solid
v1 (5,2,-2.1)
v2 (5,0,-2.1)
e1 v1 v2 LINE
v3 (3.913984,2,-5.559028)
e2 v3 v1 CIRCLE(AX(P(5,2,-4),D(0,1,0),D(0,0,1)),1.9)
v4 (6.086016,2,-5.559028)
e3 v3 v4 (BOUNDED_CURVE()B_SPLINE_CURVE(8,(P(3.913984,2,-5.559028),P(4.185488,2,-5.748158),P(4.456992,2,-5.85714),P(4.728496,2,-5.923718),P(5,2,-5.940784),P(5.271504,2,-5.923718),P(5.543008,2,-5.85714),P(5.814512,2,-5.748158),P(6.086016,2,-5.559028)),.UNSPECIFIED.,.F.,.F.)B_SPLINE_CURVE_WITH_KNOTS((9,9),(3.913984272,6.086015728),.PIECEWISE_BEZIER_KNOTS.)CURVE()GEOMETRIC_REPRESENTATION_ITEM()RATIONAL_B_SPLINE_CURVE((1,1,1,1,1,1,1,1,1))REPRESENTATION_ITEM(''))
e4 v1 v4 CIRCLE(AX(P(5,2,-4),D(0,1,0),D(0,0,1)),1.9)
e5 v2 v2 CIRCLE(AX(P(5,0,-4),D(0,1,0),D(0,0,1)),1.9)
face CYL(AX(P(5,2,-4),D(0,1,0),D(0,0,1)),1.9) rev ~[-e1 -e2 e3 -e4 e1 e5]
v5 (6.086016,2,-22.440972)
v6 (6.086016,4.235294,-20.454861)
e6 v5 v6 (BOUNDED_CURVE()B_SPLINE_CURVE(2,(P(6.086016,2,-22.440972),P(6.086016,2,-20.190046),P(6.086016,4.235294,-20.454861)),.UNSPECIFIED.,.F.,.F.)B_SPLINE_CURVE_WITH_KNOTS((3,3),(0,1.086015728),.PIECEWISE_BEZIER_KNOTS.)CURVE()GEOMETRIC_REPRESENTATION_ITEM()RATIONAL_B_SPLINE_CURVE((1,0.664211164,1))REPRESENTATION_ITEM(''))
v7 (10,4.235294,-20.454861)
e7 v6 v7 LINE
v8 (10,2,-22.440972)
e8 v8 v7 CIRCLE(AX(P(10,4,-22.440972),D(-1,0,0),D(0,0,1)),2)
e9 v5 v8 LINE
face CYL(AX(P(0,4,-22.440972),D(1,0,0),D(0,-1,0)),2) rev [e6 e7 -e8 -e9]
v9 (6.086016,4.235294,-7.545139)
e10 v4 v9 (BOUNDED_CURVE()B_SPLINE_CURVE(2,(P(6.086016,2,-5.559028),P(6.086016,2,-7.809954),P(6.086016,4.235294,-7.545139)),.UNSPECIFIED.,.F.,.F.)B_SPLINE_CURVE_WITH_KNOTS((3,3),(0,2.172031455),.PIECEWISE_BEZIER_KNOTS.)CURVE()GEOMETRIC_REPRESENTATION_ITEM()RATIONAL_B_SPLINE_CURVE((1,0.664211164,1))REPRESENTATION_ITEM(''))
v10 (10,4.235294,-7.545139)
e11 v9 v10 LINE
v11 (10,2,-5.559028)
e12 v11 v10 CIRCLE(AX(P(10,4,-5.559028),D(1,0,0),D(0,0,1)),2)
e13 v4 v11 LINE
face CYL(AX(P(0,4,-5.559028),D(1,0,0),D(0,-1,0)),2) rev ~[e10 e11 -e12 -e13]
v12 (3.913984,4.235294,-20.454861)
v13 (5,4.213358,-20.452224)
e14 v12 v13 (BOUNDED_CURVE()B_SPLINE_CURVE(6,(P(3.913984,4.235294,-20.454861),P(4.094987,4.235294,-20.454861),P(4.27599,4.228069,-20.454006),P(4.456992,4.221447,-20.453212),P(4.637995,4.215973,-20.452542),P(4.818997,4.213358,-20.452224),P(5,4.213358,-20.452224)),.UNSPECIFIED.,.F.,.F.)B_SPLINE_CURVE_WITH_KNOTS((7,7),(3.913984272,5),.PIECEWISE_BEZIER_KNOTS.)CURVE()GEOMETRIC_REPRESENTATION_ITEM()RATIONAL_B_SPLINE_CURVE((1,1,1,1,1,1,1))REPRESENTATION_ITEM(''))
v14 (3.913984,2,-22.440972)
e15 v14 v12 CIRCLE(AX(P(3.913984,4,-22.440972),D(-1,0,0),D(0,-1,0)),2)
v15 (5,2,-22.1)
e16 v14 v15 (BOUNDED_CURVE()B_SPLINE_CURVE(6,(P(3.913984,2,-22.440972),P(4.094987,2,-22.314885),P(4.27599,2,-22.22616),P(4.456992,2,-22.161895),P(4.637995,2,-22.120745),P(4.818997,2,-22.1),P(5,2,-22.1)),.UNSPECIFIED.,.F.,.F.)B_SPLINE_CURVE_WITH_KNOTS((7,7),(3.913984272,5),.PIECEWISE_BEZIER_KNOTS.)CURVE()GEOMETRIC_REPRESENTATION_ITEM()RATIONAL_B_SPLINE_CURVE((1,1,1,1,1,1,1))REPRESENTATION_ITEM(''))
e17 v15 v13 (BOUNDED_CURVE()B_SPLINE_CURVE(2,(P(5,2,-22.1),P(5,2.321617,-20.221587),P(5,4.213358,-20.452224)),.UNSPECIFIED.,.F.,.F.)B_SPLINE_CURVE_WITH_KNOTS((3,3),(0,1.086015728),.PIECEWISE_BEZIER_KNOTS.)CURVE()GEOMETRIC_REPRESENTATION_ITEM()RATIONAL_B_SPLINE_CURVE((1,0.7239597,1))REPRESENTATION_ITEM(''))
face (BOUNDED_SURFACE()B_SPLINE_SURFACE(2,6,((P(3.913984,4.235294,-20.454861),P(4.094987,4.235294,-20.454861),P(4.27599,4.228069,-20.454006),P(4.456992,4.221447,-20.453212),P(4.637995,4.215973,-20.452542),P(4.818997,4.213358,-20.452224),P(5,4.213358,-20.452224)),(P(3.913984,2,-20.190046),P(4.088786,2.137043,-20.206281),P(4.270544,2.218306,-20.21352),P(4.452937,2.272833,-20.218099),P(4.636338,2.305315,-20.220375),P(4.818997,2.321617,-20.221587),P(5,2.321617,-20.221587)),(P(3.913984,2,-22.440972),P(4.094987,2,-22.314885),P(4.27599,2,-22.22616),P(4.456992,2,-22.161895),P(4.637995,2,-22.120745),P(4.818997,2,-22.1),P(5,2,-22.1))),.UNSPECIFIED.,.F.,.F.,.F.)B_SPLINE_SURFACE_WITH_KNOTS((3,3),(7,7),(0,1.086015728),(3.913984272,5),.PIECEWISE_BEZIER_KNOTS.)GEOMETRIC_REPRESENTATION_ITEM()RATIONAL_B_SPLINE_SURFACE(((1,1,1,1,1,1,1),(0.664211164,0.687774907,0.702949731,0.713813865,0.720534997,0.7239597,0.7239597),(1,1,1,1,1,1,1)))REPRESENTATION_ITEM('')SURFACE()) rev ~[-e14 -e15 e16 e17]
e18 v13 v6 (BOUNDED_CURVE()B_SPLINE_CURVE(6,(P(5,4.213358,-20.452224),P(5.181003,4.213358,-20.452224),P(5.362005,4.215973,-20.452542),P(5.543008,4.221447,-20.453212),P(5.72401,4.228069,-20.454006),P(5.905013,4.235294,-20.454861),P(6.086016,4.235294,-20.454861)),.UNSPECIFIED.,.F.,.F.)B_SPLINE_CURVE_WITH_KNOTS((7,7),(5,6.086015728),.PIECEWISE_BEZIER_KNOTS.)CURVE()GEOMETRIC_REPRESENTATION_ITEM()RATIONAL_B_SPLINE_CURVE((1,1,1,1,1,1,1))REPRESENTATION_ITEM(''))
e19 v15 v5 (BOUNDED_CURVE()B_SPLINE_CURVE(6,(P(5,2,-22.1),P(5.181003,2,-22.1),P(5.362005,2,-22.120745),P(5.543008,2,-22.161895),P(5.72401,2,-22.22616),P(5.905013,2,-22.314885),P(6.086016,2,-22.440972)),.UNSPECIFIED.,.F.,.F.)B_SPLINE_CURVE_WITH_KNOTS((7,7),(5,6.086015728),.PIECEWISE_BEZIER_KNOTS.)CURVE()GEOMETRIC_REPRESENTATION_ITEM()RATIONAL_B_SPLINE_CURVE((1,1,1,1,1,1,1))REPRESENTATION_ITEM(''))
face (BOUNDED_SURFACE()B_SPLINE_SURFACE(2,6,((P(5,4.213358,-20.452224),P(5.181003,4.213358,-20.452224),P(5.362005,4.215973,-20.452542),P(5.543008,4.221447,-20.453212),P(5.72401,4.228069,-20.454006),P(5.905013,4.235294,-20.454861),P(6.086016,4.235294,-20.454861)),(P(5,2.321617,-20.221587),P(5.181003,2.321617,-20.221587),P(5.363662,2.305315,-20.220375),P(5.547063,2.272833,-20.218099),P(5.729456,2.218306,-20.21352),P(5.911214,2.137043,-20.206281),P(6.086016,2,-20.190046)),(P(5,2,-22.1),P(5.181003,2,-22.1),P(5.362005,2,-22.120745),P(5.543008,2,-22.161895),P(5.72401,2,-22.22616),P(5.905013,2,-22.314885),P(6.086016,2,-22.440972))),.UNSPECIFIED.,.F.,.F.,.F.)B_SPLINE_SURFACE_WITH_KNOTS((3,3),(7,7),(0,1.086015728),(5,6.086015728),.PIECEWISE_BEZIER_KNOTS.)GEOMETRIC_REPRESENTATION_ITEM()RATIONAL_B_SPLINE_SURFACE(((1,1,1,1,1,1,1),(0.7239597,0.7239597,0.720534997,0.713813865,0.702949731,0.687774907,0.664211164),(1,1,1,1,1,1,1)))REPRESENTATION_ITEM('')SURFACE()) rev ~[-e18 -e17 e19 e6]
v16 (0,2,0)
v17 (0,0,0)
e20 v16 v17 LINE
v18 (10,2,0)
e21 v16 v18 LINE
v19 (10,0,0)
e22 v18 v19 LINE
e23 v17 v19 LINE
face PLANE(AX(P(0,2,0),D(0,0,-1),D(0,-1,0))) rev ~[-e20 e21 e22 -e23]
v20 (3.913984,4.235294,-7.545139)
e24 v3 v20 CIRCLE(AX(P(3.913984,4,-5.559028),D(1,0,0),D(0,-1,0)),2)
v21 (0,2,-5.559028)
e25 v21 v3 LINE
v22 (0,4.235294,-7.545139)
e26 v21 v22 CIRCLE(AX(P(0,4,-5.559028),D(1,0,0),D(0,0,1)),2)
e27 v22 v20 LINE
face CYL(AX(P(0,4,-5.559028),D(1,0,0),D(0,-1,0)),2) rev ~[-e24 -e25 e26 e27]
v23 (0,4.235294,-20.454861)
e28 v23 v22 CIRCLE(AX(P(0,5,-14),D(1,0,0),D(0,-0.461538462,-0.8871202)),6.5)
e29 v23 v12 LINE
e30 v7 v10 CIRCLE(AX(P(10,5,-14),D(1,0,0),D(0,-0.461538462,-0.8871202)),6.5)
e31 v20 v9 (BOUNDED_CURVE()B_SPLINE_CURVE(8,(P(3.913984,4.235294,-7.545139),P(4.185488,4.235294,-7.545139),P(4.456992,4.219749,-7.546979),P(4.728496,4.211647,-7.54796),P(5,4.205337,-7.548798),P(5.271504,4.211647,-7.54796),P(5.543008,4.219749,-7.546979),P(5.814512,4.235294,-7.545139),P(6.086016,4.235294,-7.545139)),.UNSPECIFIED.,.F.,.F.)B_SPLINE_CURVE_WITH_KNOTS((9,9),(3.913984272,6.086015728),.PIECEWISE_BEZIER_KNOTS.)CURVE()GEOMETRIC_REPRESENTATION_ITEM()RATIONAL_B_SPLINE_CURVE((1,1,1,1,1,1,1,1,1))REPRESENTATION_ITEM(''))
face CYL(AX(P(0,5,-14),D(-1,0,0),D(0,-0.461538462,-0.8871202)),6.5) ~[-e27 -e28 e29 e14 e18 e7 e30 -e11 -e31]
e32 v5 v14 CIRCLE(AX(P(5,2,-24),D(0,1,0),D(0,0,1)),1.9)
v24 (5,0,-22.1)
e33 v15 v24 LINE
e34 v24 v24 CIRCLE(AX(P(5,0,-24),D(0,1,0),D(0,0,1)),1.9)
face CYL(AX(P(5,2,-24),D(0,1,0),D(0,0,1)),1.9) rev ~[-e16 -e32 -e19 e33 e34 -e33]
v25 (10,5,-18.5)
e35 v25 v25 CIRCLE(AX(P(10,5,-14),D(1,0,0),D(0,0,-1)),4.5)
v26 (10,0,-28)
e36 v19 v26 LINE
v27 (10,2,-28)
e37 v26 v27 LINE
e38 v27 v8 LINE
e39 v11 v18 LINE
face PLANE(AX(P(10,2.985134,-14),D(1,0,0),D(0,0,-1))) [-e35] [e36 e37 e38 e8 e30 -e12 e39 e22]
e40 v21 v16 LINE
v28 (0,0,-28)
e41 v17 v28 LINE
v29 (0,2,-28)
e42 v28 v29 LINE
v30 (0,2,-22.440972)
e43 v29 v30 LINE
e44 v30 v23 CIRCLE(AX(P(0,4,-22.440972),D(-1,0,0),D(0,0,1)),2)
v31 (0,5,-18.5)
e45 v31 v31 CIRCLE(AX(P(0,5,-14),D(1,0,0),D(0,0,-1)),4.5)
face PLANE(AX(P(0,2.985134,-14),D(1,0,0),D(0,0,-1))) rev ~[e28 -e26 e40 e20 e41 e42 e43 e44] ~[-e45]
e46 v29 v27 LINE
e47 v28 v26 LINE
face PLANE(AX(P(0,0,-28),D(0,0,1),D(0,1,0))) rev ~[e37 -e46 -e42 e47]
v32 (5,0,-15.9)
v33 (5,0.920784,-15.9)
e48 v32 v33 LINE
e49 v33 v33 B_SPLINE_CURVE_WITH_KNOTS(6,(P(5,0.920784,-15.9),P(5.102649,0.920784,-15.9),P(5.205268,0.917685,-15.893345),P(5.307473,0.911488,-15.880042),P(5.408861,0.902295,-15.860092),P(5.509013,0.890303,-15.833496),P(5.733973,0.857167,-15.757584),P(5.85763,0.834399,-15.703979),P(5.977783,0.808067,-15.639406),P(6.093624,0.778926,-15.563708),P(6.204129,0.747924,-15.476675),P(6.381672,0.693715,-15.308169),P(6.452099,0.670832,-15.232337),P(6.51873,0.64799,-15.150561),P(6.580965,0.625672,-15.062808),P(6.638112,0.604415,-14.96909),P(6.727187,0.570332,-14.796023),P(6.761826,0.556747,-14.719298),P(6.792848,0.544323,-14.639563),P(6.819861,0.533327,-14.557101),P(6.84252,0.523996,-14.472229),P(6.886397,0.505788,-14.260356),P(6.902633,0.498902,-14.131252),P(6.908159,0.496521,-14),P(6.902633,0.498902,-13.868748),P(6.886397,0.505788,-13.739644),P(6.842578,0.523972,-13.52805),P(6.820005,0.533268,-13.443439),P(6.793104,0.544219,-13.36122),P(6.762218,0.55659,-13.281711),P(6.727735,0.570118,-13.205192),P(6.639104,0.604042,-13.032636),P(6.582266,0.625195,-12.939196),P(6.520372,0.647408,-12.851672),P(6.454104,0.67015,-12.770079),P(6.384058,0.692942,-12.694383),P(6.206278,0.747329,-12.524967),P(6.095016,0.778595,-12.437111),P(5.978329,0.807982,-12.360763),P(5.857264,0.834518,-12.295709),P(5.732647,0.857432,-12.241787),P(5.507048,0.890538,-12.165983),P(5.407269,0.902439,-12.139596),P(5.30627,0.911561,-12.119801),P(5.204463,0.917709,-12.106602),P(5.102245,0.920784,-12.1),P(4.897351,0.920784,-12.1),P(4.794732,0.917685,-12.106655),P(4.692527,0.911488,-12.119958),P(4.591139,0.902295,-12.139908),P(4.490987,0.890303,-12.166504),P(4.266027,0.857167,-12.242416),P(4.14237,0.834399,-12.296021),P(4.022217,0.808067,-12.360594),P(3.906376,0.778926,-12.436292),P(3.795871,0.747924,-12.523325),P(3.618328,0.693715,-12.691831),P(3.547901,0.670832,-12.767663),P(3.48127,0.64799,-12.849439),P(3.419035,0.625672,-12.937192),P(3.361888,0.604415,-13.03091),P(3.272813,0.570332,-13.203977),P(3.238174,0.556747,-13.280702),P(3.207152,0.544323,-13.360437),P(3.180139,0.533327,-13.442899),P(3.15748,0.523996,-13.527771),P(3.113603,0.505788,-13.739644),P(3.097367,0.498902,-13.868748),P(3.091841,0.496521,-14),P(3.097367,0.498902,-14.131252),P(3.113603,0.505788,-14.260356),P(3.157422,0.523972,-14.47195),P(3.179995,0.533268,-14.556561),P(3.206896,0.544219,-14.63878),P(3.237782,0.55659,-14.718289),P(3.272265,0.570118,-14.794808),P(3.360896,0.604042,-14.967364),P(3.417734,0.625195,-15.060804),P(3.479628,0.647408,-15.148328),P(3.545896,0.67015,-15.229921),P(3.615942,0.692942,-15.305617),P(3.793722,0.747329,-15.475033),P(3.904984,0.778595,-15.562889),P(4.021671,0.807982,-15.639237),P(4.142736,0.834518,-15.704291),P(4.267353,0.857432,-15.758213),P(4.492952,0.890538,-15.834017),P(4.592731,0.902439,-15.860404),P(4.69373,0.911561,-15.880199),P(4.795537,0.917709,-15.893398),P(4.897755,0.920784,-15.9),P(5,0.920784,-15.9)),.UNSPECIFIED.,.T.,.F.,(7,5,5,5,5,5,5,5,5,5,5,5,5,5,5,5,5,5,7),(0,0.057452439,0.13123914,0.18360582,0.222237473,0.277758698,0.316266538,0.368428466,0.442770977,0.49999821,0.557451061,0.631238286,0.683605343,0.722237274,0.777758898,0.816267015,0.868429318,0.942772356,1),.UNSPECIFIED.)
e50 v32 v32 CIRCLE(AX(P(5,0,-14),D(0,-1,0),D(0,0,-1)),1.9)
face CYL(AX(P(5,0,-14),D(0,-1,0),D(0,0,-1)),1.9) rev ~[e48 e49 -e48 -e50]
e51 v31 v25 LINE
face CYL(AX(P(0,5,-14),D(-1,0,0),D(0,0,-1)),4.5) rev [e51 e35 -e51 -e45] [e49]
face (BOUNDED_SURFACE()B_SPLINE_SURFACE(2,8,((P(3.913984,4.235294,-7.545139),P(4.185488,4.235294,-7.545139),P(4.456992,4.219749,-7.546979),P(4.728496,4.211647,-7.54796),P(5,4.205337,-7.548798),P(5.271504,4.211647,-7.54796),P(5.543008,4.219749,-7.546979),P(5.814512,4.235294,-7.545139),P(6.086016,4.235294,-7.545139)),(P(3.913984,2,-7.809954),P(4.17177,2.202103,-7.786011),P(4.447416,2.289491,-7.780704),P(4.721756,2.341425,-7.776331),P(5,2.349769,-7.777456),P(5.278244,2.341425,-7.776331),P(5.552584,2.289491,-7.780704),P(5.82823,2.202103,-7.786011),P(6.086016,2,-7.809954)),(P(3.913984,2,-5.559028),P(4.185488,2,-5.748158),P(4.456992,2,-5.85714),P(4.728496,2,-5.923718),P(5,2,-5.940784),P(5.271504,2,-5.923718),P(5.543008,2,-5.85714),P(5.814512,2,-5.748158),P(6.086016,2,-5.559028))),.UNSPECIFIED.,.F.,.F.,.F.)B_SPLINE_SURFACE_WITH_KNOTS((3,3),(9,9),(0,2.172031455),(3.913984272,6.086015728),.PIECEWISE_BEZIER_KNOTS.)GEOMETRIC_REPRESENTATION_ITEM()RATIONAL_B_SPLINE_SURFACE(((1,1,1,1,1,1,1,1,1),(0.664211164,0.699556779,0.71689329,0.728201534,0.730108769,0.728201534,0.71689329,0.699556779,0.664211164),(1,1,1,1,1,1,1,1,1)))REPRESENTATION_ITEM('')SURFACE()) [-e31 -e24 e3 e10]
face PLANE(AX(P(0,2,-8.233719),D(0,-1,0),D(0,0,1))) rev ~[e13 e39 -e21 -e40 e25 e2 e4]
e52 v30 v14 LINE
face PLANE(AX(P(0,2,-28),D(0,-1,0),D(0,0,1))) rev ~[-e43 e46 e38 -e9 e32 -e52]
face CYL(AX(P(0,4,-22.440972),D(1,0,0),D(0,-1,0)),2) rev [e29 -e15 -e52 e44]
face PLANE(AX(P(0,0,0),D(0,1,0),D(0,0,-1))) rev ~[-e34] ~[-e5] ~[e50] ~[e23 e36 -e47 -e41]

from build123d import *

# Parameters (mm, degrees)
SKETCH1_R           = 4.5
BOSS_EXTRUDE1_DEPTH = 10
SKETCH2_R           = 1.9
CUT_EXTRUDE1_DEPTH  = 10
FILLET1_R           = 2
SKETCH3_R           = 1.9
CUT_EXTRUDE2_DEPTH  = 5


with BuildPart() as part:
    # Sketch1 → Boss-Extrude1 (new body)
    with BuildSketch(Plane(origin=(0, 0, 0), x_dir=(0, 0, -1), z_dir=(1, 0, 0))):
        with BuildLine():
            Line((0, 0), (28, 0))
            Line((28, 0), (28, 2))
            Line((28, 2), (19.766281297, 2))
            ThreePointArc((19.766281297, 2), (14, 11.5), (8.233718703, 2))
            Line((8.233718703, 2), (0, 2))
            Line((0, 2), (0, 0))
        make_face()
        with Locations((14, 5)):
            Circle(SKETCH1_R, mode=Mode.SUBTRACT)
    extrude(amount=BOSS_EXTRUDE1_DEPTH)

    # Sketch2 → Cut-Extrude1 (cut)
    with BuildSketch(Plane(origin=(0, 2, 0), x_dir=(1, 0, 0), z_dir=(0, 1, 0))):
        with Locations(Location((5, 24, 0), (0, 0, 270))):
            Circle(SKETCH2_R)
        with Locations(Location((5, 4, 0), (0, 0, 270))):
            Circle(SKETCH2_R)
    extrude(amount=-CUT_EXTRUDE1_DEPTH, mode=Mode.SUBTRACT)

    # Fillet1
    fillet1_edges = [part.edges().sort_by_distance(p)[0] for p in [
        (5, 2, -8.233718703),
        (5, 2, -19.766281297),
    ]]
    fillet(fillet1_edges, radius=FILLET1_R)

    # Sketch3 → Cut-Extrude2 (cut)
    with BuildSketch(Plane.XZ):
        with Locations(Location((5, -14, 0), (0, 0, 270))):
            Circle(SKETCH3_R)
    extrude(amount=-CUT_EXTRUDE2_DEPTH, mode=Mode.SUBTRACT)


solid = part.part
